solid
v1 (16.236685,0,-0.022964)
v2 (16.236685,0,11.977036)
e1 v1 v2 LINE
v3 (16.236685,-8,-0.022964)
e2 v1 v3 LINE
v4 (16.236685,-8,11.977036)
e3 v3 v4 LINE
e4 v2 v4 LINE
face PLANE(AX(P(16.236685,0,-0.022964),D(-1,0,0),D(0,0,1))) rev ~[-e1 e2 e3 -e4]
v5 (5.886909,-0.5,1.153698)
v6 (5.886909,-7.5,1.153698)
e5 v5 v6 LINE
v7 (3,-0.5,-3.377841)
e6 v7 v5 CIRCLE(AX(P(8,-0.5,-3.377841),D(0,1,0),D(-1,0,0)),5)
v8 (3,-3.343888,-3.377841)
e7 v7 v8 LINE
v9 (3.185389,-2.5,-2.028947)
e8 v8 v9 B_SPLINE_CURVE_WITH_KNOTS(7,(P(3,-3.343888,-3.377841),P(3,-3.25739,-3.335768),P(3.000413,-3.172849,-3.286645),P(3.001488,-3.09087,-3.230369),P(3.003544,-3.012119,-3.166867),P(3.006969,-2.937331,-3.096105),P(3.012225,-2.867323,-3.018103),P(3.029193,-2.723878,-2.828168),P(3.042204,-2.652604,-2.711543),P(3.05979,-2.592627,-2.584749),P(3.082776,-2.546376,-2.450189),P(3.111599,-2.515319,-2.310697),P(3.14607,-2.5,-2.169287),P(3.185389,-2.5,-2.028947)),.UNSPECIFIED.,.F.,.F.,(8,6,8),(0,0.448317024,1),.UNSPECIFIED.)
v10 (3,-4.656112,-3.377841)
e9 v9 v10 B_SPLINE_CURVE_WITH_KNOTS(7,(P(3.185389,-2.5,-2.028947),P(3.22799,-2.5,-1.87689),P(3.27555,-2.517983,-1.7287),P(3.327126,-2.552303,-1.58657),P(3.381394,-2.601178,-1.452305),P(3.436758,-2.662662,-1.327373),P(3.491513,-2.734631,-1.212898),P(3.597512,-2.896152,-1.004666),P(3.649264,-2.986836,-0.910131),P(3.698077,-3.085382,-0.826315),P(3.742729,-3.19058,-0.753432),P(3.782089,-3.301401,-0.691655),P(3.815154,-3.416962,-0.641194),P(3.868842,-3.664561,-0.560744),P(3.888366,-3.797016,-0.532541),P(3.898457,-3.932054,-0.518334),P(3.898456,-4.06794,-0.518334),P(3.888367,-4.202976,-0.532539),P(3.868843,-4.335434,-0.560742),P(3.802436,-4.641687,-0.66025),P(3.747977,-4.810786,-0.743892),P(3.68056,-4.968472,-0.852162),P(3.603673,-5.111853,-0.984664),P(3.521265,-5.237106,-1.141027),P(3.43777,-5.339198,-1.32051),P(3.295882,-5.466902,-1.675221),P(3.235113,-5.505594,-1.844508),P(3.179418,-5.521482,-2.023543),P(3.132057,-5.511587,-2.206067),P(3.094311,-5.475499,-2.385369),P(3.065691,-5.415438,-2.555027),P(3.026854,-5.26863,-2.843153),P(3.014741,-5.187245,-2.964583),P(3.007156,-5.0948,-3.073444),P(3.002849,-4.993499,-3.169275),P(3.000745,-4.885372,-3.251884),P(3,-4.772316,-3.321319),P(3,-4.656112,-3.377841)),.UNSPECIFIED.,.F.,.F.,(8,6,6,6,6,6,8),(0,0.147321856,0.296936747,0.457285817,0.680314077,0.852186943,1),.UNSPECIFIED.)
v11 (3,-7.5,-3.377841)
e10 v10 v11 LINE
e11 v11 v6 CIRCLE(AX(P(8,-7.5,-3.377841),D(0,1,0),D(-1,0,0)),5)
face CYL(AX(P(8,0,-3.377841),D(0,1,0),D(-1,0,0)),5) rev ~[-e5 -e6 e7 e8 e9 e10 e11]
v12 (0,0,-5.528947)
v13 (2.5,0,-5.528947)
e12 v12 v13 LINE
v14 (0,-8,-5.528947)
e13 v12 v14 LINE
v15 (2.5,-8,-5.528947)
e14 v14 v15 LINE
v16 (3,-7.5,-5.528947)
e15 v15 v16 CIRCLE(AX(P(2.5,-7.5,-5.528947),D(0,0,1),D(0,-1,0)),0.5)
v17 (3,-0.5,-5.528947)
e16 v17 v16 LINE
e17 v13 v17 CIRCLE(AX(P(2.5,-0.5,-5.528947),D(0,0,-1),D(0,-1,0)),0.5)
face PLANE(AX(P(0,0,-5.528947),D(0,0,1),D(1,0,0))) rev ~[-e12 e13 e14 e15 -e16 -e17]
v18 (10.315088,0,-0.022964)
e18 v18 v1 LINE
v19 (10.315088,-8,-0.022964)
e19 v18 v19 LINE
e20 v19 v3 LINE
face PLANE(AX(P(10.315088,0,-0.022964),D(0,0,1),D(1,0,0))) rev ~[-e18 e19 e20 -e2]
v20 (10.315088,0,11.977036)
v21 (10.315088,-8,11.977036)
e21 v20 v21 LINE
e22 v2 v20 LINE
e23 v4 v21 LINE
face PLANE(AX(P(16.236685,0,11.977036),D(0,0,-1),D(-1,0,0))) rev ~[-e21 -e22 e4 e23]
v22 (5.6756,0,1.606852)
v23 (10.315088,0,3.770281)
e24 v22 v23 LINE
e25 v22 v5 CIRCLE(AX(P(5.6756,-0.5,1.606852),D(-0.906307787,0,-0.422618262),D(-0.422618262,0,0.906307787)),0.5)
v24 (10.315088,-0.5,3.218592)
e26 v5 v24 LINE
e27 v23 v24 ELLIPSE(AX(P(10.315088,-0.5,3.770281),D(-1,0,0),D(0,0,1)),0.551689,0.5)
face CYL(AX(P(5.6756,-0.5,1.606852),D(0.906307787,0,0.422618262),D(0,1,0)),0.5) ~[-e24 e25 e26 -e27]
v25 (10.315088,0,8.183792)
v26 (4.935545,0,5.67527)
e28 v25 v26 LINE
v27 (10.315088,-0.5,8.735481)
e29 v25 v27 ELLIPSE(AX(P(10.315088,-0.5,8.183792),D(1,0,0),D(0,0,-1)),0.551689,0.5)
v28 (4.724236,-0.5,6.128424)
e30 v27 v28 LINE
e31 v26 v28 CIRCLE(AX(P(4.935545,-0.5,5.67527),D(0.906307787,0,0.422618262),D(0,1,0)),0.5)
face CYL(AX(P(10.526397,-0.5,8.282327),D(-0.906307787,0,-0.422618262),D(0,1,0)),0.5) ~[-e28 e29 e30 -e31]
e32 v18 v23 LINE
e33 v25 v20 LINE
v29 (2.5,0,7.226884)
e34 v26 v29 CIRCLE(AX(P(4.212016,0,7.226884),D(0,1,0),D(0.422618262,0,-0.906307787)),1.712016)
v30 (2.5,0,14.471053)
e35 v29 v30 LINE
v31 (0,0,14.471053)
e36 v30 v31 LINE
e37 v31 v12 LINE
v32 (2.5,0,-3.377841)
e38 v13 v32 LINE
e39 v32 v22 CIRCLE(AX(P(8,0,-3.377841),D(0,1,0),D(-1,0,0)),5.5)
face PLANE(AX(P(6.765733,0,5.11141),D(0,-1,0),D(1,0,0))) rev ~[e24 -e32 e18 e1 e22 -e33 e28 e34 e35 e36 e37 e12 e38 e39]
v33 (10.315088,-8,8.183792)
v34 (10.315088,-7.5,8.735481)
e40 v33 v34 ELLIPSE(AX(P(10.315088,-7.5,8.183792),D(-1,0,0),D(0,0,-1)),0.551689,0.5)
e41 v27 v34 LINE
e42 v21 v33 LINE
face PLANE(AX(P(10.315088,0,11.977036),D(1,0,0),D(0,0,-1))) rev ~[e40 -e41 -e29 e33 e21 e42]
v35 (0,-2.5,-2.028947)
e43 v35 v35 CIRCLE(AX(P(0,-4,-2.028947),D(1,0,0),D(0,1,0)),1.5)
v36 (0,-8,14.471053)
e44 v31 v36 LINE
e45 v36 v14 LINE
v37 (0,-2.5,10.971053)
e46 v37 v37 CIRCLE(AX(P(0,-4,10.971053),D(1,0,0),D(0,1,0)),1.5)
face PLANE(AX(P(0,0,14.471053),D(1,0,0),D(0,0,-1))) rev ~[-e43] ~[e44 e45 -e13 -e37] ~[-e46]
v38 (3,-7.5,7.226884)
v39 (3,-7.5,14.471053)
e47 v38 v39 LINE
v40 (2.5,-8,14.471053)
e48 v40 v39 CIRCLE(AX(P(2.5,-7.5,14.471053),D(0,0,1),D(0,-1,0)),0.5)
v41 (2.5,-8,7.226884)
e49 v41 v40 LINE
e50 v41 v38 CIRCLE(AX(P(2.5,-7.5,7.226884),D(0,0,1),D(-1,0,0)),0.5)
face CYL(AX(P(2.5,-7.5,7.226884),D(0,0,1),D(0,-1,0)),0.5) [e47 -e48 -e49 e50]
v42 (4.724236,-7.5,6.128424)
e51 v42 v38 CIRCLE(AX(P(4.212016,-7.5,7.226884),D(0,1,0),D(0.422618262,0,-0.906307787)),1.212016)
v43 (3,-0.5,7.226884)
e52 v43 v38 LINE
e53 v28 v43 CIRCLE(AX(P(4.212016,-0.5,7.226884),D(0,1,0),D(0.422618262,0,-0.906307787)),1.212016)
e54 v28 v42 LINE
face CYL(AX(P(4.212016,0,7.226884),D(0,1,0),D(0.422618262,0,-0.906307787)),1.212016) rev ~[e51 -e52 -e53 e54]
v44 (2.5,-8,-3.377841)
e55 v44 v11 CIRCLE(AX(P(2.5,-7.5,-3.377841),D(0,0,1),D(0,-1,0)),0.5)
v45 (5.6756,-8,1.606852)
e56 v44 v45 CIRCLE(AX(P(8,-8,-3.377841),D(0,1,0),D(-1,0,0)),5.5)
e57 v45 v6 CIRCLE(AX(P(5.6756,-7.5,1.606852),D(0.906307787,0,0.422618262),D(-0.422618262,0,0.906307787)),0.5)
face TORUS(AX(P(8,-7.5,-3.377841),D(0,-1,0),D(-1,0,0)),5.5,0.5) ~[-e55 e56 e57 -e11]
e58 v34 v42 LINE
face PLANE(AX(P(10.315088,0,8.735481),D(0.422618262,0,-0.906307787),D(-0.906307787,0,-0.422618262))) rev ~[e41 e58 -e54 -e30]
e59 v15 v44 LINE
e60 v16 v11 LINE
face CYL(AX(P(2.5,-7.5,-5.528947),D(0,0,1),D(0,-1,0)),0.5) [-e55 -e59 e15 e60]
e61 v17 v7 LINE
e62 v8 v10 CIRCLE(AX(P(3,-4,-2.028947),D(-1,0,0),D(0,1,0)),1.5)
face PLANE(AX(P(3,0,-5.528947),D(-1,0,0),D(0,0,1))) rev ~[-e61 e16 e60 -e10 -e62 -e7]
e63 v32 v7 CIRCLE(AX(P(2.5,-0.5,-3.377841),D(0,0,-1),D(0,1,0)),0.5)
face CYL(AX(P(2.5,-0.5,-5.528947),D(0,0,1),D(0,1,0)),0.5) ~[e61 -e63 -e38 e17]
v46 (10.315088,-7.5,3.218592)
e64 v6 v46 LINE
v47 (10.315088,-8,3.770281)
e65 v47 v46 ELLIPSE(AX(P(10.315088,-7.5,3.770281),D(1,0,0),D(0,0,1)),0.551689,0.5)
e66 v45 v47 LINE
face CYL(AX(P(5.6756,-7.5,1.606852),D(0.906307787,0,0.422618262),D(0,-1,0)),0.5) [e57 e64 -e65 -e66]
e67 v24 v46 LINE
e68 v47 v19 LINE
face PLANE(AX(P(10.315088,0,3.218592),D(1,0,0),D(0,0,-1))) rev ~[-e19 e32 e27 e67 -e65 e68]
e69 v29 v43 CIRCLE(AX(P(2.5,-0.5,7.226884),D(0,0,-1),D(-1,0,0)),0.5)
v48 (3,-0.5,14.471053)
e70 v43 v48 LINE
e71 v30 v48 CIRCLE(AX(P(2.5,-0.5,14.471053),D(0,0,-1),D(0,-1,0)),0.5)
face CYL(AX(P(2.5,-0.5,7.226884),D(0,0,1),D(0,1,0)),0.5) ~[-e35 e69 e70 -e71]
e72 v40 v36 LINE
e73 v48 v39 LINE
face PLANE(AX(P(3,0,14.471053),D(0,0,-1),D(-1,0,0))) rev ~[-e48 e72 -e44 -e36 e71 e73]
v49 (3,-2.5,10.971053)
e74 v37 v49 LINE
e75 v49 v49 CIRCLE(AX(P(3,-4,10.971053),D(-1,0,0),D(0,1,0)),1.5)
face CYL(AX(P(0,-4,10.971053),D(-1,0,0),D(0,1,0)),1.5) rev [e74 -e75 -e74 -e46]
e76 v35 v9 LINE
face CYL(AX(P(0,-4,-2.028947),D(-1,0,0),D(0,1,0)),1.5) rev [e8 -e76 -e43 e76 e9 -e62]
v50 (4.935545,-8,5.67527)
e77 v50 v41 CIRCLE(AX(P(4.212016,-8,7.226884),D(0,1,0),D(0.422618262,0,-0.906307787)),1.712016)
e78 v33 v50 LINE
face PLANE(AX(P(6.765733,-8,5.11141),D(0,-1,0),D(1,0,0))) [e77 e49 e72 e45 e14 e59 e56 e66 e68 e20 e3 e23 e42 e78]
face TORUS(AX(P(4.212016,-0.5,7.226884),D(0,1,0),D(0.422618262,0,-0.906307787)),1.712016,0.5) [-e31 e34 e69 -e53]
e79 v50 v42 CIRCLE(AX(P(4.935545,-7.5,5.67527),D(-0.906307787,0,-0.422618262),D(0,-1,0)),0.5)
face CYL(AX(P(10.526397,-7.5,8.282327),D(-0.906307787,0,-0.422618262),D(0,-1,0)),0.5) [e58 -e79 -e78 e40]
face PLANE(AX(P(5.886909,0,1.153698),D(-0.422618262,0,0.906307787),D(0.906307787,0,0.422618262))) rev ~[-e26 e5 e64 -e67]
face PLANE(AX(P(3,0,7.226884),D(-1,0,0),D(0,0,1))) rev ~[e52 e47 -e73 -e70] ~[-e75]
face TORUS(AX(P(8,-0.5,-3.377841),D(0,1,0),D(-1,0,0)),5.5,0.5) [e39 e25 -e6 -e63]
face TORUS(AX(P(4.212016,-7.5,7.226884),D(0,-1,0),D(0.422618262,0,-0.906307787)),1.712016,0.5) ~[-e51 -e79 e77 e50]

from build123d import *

# Parameters (mm, degrees)
F1_DEPTH = 8
F2_R     = 1.5
F3_DEPTH = 3.8920101006
F4_R     = 0.5


with BuildPart() as f1:
    # F0 (on Front) → F1 (new body)
    with BuildSketch(Plane.XZ):
        with BuildLine():
            Line((3, 14.471053486), (0, 14.471053486))
            Line((0, 14.471053486), (0, -5.528946514))
            Line((0, -5.528946514), (3, -5.528946514))
            Line((3, -5.528946514), (3, -3.3778412531))
            ThreePointArc((3, -3.3778412531), (3.7830427709, -0.6913432113), (5.8869086913, 1.1536976821))
            Line((5.8869086913, 1.1536976821), (10.3150881731, 3.2185916862))
            Line((10.3150881731, 3.2185916862), (10.3150881731, -0.0229635164))
            Line((10.3150881731, -0.0229635164), (16.2366852164, -0.0229635164))
            Line((16.2366852164, -0.0229635164), (16.2366852164, 11.9770364836))
            Line((16.2366852164, 11.9770364836), (10.3150881731, 11.9770364836))
            Line((10.3150881731, 11.9770364836), (10.3150881731, 8.735481281))
            Line((10.3150881731, 8.735481281), (4.7242360053, 6.1284240995))
            ThreePointArc((4.7242360053, 6.1284240995), (3.5608002487, 6.2046797078), (3, 7.2268835811))
            Line((3, 7.2268835811), (3, 14.471053486))
        make_face()
    extrude(amount=F1_DEPTH)

    # F2 (on Right) → F3 (cut, through all)
    with BuildSketch(Plane.YZ):
        with Locations((-4, -2.028946514)):
            Circle(F2_R)
        with Locations((-4, 10.971053486)):
            Circle(F2_R)
    extrude(amount=F3_DEPTH, mode=Mode.SUBTRACT)

    # F4
    f4_edges = [f1.edges().sort_by_distance(p)[0] for p in [
        (7.519662, 0, 7.431953),
        (8.100998, 0, 2.186145),
        (7.519662, -8, 7.431953),
        (8.100998, -8, 2.186145),
    ]]
    fillet(f4_edges, radius=F4_R)


solid = f1.part
